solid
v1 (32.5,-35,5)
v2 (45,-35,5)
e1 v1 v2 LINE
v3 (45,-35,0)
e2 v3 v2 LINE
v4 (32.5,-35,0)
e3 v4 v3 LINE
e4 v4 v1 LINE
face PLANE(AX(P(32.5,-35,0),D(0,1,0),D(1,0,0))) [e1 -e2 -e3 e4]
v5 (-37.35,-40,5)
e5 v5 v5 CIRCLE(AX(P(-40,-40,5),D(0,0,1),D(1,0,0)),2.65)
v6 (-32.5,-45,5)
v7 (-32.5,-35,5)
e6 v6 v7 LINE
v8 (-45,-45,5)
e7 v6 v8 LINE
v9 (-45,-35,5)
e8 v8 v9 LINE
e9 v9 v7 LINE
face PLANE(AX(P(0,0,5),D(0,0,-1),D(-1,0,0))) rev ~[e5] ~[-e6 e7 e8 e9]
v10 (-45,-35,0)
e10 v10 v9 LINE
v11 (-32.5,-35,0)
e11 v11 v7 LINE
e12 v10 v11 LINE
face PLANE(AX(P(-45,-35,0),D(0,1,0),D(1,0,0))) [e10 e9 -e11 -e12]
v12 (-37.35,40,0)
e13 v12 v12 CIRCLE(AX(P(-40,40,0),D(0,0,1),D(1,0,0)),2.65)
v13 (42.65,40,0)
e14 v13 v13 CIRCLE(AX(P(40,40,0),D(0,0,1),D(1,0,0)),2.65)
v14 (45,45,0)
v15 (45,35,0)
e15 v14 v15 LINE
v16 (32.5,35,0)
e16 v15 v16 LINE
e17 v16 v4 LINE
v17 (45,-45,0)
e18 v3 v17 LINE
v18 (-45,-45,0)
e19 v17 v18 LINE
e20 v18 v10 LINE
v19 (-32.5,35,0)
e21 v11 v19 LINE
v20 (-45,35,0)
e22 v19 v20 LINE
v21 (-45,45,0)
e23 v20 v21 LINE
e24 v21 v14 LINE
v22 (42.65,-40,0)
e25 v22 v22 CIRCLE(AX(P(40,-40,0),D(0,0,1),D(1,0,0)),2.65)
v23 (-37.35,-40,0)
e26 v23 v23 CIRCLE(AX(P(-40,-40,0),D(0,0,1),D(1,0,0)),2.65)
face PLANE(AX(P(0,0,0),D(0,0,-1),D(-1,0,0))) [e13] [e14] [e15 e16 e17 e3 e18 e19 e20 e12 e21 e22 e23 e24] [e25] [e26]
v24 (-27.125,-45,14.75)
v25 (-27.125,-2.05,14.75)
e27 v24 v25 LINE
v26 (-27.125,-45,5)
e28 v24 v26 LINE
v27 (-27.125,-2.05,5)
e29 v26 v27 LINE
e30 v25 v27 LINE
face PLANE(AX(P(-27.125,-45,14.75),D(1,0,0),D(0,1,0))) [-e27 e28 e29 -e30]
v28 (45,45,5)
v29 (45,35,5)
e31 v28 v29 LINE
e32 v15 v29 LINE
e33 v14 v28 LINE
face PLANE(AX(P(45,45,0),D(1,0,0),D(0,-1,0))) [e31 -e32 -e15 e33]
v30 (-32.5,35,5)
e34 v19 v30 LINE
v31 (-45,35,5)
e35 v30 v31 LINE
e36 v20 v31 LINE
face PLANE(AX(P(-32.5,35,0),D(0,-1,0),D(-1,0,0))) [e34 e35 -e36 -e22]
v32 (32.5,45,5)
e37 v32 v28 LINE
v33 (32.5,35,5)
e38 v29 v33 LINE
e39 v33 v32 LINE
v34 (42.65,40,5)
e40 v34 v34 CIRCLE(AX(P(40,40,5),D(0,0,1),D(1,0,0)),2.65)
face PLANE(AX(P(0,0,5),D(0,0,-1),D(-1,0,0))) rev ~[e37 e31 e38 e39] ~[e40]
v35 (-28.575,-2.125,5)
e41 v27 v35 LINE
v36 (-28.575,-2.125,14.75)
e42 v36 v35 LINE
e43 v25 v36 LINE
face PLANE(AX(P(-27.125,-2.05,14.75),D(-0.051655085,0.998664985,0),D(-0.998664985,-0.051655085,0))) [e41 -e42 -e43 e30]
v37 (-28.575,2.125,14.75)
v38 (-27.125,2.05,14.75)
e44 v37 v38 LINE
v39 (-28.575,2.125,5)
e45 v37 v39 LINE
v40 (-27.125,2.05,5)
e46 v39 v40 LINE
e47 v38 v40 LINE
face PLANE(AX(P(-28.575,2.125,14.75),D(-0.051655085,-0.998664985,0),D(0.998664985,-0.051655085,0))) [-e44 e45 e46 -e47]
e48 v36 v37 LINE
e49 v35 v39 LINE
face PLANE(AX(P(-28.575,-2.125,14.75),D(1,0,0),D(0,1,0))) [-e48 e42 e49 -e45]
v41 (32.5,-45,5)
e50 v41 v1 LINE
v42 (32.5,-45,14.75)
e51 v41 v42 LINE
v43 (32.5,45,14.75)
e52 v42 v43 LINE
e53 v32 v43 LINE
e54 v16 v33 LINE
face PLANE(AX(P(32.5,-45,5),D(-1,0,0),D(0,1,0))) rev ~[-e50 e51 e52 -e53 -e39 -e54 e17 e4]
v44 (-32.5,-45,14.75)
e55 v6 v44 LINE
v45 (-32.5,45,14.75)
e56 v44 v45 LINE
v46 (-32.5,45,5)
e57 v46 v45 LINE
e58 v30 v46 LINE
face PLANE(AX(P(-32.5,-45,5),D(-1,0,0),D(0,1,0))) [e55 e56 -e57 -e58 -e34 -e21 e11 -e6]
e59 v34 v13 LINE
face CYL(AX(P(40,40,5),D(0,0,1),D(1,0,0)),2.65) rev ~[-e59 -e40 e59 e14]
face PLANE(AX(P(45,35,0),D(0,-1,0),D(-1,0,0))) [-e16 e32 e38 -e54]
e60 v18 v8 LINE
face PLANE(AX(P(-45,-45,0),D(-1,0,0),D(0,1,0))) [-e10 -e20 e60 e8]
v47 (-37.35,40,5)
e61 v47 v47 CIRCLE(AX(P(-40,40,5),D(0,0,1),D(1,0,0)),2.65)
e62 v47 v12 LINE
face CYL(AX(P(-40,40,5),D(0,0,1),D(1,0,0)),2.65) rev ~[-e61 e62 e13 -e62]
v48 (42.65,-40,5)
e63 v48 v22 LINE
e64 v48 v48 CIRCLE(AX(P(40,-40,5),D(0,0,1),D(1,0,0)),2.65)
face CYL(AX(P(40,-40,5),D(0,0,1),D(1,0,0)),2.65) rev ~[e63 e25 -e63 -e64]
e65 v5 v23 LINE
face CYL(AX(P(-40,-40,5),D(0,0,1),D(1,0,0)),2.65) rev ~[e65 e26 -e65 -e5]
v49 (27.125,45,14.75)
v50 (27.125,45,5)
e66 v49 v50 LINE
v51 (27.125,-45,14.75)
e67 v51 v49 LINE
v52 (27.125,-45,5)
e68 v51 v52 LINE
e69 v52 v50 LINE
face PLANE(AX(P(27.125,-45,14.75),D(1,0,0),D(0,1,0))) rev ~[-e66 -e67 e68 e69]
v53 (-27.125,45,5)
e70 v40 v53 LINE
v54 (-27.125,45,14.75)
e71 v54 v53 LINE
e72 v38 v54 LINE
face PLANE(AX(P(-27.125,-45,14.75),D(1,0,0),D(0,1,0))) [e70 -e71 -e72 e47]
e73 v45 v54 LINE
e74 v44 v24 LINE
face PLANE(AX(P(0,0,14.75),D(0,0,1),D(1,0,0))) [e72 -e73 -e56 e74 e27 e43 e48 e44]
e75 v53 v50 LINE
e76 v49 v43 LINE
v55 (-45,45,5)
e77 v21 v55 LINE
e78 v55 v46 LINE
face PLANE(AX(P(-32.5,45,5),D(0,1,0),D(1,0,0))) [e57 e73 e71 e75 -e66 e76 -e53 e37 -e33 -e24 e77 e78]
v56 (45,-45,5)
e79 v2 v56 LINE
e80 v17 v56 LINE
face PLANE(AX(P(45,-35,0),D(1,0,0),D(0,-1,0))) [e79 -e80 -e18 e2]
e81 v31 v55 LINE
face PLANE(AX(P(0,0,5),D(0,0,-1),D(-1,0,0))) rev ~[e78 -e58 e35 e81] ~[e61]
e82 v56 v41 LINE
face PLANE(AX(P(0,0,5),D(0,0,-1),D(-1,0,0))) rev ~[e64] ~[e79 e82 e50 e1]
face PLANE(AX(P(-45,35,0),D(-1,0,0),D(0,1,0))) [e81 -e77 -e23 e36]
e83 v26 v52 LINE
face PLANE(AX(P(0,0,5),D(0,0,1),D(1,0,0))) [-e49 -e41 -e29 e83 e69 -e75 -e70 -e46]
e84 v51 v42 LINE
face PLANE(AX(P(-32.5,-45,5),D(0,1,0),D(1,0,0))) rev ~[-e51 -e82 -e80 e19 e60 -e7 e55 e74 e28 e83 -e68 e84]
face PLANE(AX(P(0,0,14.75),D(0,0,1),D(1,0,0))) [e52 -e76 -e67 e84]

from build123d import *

# Parameters (mm, degrees)
PAD_DEPTH       = 5
SKETCH001_W     = 65
SKETCH001_H     = 90
PAD001_DEPTH    = 9.75
SKETCH002_W     = 54.25
SKETCH002_H     = 90
POCKET_DEPTH    = 9.75
POCKET001_DEPTH = 9.75
SKETCH004_R     = 2.65
POCKET002_DEPTH = 5


with BuildPart() as part:
    # Sketch → Pad (new body)
    with BuildSketch(Plane.XY):
        Polygon((-32.5, 35), (-45, 35), (-45, 45), (45, 45), (45, 35), (32.5, 35), (32.5, -35), (45, -35), (45, -45), (-45, -45), (-45, -35), (-32.5, -35), align=None)
    extrude(amount=PAD_DEPTH)

    # Sketch001 (on Face14 of Pad) → Pad001 (join)
    with BuildSketch(Plane.XY.offset(5)):
        Rectangle(SKETCH001_W, SKETCH001_H)
    extrude(amount=PAD001_DEPTH)

    # Sketch002 (on Face19 of Pad001) → Pocket (cut)
    with BuildSketch(Plane.XY.offset(14.75)):
        Rectangle(SKETCH002_W, SKETCH002_H)
    extrude(amount=-POCKET_DEPTH, mode=Mode.SUBTRACT)

    # Sketch003 (on Face19 of Pocket) → Pocket001 (cut)
    with BuildSketch(Plane.XY.offset(14.75)):
        Polygon((-27.125, -2.05), (-28.575, -2.125), (-28.575, 2.125), (-27.125, 2.05), align=None)
    extrude(amount=-POCKET001_DEPTH, mode=Mode.SUBTRACT)

    # Sketch004 (on Face16 of Pocket001) → Pocket002 (cut)
    with BuildSketch(Plane.XY.offset(5)):
        with Locations((-40, 40)):
            Circle(SKETCH004_R)
        with Locations((40, 40)):
            Circle(SKETCH004_R)
        with Locations((40, -40)):
            Circle(SKETCH004_R)
        with Locations((-40, -40)):
            Circle(SKETCH004_R)
    extrude(amount=-POCKET002_DEPTH, mode=Mode.SUBTRACT)


solid = part.part
